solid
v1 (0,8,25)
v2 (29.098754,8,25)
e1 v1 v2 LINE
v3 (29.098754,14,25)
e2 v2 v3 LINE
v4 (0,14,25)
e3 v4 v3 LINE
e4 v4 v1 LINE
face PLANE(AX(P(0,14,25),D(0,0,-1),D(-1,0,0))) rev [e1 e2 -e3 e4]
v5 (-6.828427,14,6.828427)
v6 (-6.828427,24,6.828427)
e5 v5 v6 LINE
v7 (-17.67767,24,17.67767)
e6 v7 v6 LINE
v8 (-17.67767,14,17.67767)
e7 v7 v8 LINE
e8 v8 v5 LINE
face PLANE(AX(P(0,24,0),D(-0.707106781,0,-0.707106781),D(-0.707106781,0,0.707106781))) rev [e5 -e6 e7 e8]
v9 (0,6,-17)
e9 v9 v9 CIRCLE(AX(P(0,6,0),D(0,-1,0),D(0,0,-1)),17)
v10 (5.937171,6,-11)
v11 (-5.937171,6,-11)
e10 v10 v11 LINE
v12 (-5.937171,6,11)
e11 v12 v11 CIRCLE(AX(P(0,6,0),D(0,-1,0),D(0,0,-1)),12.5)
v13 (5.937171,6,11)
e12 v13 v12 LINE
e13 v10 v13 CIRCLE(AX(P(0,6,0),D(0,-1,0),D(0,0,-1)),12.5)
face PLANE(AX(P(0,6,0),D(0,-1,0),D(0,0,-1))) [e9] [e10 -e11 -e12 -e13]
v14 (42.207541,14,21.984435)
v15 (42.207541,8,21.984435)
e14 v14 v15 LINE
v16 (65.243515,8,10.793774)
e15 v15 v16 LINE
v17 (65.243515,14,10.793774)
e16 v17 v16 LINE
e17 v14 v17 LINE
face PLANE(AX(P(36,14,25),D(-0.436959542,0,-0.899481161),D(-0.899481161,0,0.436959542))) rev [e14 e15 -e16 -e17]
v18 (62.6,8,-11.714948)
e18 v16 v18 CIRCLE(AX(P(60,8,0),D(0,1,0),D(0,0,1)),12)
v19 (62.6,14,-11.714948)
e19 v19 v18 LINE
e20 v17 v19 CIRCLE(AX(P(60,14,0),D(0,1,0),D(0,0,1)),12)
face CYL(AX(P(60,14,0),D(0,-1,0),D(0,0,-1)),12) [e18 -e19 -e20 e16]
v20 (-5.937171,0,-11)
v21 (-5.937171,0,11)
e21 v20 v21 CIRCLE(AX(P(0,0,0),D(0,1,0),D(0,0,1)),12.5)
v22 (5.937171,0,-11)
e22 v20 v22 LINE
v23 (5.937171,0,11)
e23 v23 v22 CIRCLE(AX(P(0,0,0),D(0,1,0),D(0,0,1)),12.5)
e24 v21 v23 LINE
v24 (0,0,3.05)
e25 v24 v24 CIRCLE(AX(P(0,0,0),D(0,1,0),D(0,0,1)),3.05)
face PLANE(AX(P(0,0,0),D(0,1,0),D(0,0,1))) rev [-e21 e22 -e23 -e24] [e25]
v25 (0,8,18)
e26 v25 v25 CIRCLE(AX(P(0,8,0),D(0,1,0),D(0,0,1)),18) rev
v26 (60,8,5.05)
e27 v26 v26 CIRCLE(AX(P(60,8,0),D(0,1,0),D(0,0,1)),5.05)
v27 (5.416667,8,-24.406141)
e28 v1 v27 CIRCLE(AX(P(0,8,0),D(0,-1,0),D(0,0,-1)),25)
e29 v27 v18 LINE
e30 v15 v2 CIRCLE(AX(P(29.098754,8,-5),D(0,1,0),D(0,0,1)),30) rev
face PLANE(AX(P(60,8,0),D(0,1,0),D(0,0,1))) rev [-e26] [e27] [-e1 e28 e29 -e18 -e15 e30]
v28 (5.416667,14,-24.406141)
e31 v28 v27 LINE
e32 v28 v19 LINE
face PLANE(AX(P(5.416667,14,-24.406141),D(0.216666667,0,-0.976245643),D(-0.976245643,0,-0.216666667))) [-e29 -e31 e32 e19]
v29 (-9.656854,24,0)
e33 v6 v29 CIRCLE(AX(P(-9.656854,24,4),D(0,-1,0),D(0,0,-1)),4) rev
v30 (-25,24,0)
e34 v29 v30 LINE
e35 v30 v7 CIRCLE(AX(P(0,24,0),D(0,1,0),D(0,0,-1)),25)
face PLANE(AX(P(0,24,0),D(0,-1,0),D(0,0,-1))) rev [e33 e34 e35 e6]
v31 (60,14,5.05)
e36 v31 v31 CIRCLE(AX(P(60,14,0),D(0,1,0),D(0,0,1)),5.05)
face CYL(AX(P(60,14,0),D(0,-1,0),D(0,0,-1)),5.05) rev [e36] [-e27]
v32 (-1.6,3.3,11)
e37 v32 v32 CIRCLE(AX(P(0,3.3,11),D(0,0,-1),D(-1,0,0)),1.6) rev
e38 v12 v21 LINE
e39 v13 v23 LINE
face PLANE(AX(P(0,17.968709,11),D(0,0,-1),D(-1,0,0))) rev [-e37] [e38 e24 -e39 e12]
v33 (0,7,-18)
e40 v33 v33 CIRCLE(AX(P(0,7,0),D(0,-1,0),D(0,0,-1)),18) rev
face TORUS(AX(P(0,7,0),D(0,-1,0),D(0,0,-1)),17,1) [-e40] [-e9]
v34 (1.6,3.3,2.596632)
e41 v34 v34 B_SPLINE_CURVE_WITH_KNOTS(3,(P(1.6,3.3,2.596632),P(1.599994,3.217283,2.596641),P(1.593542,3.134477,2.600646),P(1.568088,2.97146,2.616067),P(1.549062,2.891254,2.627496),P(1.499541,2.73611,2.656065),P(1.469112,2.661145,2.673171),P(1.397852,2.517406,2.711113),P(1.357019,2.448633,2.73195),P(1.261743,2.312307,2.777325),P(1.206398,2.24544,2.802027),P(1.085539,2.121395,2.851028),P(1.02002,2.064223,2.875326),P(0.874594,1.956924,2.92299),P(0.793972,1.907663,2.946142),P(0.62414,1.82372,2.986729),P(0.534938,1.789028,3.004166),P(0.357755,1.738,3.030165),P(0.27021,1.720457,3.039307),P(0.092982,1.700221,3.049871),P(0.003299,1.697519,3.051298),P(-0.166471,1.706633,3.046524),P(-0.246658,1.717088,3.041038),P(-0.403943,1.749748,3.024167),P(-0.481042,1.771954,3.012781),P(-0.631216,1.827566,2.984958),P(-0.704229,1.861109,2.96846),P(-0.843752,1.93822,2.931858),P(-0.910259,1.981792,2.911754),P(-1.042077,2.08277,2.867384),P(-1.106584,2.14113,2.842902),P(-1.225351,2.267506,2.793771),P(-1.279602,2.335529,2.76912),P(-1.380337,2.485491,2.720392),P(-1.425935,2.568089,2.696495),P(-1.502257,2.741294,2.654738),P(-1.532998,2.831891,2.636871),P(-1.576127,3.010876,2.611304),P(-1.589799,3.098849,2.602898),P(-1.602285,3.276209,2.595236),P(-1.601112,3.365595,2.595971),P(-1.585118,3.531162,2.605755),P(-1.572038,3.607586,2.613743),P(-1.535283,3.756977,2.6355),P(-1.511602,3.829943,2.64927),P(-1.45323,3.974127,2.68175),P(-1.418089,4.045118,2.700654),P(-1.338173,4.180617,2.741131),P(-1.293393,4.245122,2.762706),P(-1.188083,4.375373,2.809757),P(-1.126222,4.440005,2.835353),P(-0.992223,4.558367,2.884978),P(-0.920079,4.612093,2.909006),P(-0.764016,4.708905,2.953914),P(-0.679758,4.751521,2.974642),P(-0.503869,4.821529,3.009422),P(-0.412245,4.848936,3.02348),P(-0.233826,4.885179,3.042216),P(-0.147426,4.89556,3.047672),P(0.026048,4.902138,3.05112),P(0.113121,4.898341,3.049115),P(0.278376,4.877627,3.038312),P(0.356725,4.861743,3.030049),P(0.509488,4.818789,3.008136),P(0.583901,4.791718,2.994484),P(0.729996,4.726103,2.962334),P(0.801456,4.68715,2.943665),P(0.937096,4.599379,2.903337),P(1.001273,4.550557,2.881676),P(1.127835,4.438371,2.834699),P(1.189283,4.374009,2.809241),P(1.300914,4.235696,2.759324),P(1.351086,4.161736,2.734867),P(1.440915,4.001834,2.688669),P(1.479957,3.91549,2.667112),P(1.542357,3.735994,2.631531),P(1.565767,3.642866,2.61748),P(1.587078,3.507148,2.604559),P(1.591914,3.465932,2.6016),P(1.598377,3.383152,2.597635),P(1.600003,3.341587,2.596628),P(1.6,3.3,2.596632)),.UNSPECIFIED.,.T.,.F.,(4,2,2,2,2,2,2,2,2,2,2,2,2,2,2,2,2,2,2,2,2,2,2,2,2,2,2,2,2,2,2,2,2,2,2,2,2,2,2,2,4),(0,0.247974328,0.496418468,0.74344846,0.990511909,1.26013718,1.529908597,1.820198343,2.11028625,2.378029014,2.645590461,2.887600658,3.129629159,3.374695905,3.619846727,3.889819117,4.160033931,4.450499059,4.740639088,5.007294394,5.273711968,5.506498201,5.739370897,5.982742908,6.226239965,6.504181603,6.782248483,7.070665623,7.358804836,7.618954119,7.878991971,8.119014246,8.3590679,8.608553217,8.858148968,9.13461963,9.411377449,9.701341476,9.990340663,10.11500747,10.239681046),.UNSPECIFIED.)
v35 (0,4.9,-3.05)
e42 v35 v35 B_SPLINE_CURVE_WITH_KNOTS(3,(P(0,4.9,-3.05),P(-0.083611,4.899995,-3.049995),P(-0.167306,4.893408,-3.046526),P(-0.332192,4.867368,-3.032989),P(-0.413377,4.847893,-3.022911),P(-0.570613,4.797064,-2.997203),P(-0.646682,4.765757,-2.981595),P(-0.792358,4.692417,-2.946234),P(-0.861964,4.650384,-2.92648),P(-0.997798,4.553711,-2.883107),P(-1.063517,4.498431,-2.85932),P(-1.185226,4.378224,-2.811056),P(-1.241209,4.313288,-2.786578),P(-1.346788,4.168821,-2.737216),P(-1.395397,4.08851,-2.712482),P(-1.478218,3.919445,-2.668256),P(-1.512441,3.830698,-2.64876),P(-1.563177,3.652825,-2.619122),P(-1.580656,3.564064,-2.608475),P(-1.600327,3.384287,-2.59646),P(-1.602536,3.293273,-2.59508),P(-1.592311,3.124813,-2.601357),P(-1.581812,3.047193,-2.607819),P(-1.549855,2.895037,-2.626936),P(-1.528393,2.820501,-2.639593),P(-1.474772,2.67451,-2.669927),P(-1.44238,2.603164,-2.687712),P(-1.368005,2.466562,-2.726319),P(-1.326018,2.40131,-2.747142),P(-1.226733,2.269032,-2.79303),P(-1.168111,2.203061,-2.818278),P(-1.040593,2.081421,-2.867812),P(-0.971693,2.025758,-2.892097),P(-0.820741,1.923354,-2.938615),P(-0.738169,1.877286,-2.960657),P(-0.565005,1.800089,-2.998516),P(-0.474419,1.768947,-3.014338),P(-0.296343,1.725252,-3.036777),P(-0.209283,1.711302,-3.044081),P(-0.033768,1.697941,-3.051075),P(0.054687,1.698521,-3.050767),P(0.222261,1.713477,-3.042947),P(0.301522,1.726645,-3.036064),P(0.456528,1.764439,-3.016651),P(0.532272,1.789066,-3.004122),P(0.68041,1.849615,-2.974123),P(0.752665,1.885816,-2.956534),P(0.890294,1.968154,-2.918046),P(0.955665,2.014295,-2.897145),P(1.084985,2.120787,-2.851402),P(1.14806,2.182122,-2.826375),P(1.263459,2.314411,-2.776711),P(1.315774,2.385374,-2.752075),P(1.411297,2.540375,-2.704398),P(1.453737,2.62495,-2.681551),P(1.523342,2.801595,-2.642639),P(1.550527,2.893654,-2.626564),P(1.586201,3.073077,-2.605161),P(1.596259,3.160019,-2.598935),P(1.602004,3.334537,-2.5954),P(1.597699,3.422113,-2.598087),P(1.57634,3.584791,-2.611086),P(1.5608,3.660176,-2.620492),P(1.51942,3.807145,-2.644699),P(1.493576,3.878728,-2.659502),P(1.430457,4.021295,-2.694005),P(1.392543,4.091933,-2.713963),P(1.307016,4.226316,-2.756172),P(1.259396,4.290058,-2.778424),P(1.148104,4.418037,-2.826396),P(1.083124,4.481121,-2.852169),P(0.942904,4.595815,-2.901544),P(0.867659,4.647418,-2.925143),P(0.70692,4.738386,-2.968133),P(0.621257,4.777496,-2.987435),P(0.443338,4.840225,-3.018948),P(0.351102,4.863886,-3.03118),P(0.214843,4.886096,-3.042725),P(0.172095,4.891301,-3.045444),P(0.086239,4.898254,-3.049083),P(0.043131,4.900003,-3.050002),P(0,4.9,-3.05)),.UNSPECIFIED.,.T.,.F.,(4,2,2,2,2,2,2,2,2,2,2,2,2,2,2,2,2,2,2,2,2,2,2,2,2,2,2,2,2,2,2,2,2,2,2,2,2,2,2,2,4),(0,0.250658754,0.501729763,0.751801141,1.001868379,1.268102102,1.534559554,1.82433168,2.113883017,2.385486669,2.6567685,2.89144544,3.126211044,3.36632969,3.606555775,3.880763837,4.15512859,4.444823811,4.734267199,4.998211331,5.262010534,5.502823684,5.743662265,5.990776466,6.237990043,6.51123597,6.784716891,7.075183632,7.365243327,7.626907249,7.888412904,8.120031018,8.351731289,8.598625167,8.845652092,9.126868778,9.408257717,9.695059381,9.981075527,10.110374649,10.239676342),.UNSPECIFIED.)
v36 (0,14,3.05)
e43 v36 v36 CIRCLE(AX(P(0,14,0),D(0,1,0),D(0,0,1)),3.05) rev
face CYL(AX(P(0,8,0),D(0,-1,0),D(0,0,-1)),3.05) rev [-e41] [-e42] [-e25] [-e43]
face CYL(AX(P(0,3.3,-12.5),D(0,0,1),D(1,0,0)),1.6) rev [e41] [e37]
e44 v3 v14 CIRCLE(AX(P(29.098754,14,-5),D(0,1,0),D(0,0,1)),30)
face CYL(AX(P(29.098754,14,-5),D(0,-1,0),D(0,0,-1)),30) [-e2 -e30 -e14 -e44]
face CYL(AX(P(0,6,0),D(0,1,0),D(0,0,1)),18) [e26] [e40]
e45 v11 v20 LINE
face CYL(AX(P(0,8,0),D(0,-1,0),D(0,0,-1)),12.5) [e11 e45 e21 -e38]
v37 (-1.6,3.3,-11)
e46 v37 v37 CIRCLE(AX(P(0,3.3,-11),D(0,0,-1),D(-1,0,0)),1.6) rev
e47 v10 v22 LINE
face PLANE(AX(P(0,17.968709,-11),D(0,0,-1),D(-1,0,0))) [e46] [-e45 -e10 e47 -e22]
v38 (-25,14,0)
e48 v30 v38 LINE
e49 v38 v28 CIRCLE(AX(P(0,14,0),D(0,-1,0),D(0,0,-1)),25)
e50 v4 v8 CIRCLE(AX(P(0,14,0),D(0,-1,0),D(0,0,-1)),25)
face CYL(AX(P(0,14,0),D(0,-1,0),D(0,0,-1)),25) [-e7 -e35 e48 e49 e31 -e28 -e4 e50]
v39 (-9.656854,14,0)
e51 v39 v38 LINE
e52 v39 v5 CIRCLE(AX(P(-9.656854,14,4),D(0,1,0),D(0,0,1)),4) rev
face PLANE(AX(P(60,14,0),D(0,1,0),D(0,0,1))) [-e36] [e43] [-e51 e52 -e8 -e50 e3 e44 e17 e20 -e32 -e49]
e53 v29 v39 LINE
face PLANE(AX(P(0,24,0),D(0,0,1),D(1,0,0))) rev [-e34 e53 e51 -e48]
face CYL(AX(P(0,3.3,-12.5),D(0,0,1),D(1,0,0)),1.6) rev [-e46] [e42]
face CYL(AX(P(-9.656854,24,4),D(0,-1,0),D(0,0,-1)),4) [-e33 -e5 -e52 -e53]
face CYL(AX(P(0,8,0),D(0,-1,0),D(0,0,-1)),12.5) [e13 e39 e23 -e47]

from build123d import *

# Parameters (mm, degrees)
SKETCH_1_R          = 12.5
SKETCH_1_R_2        = 3.05
EXTRUDE_1_DEPTH     = 8
SKETCH_2_R          = 1.6
CUT_EXTRUDE_4_DEPTH = 12.5
SKETCH_3_R          = 5.05
EXTRUDE_2_DEPTH     = 6
SKETCH_4_R          = 18
EXTRUDE_3_DEPTH     = 2
FILLET_2_R          = 30
FILLET_1_R          = 1
EXTRUDE_4_DEPTH     = 10
FILLET_3_R          = 4
SKETCH_6_R          = 3.05
CUT_EXTRUDE_5_DEPTH = 14
CUT_EXTRUDE_6_REACH = 81.906


with BuildPart() as part:
    # 草图1 → 凸台-拉伸1 (new body)
    with BuildSketch(Plane(origin=(0, 0, 0), x_dir=(1, 0, 0), z_dir=(0, 1, 0))):
        with Locations(Location((0, 0, 0), (0, 0, 270))):
            Circle(SKETCH_1_R)
        with Locations(Location((0, 0, 0), (0, 0, 270))):
            Circle(SKETCH_1_R_2, mode=Mode.SUBTRACT)
    extrude(amount=EXTRUDE_1_DEPTH)

    # 草图2 → 切除-拉伸4 (cut, symmetric)
    with BuildSketch(Plane.XY):
        with Locations((0, 3.3)):
            Circle(SKETCH_2_R)
    extrude(amount=CUT_EXTRUDE_4_DEPTH, both=True, mode=Mode.SUBTRACT)

    # 草图3 → 凸台-拉伸2 (add)
    with BuildSketch(Plane(origin=(0, 8, 0), x_dir=(1, 0, 0), z_dir=(0, 1, 0))):
        with BuildLine():
            Line((5.416666667, 24.406141076), (62.6, 11.714947716))
            ThreePointArc((62.6, 11.714947716), (71.918087828, 1.399708015), (65.243514508, -10.793773928))
            Line((65.243514508, -10.793773928), (36, -25))
            Line((36, -25), (0, -25))
            ThreePointArc((0, -25), (-24.851091796, 2.724561717), (5.416666667, 24.406141076))
        make_face()
        with Locations(Location((60, 0, 0), (0, 0, 270))):
            Circle(SKETCH_3_R, mode=Mode.SUBTRACT)
    extrude(amount=EXTRUDE_2_DEPTH)

    # 草图4 → 凸台-拉伸3 (add)
    with BuildSketch(Plane.XZ.offset(-8)):
        with Locations(Location((0, 0, 0), (0, 0, 90))):
            Circle(SKETCH_4_R)
    extrude(amount=EXTRUDE_3_DEPTH)

    # 圆角2
    fillet_2_edges = [part.edges().sort_by_distance(p)[0] for p in [
        (36, 11, 25),
    ]]
    fillet(fillet_2_edges, radius=FILLET_2_R)

    # 圆角1
    fillet_1_edges = [part.edges().sort_by_distance(p)[0] for p in [
        (0, 6, -18),
    ]]
    fillet(fillet_1_edges, radius=FILLET_1_R)

    # 草图5 → 凸台-拉伸4 (add)
    with BuildSketch(Plane(origin=(0, 14, 0), x_dir=(1, 0, 0), z_dir=(0, 1, 0))):
        with BuildLine():
            Line((0, 0), (-25, 0))
            ThreePointArc((-25, 0), (-23.096988313, -9.567085809), (-17.67766953, -17.67766953))
            Line((-17.67766953, -17.67766953), (0, 0))
        make_face()
    extrude(amount=EXTRUDE_4_DEPTH)

    # 圆角3
    fillet_3_edges = [part.edges().sort_by_distance(p)[0] for p in [
        (0, 19, 0),
    ]]
    fillet(fillet_3_edges, radius=FILLET_3_R)

    # 草图6 → 切除-拉伸5 (cut)
    with BuildSketch(Plane.XZ):
        with Locations(Location((0, 0, 0), (0, 0, 90))):
            Circle(SKETCH_6_R)
    extrude(amount=-CUT_EXTRUDE_5_DEPTH, mode=Mode.SUBTRACT)

    # 切除-拉伸6: up to this face of the body (flat: up to its plane)
    cut_extrude_6_end = Plane(part.part.faces().sort_by_distance((0, 6, -16.519167389))[0])
    # 草图8 → 切除-拉伸6 (cut, up to the picked face)
    with BuildSketch(Plane.XZ, mode=Mode.PRIVATE) as cut_extrude_6_sk1:
        with BuildLine():
            ThreePointArc((5.937171044, 11), (0, 12.5), (-5.937171044, 11))
            Line((-5.937171044, 11), (5.937171044, 11))
        make_face()
    cut_extrude_6_tool1 = split(extrude(cut_extrude_6_sk1.sketch, amount=-CUT_EXTRUDE_6_REACH, mode=Mode.PRIVATE), bisect_by=cut_extrude_6_end, keep=Keep.BOTH, mode=Mode.PRIVATE)
    # 草图8 → 切除-拉伸6 (cut, up to the picked face)
    with BuildSketch(Plane.XZ, mode=Mode.PRIVATE) as cut_extrude_6_sk2:
        with BuildLine():
            Line((5.937171044, -11), (-5.937171044, -11))
            ThreePointArc((-5.937171044, -11), (0, -12.5), (5.937171044, -11))
        make_face()
    cut_extrude_6_tool2 = split(extrude(cut_extrude_6_sk2.sketch, amount=-CUT_EXTRUDE_6_REACH, mode=Mode.PRIVATE), bisect_by=cut_extrude_6_end, keep=Keep.BOTH, mode=Mode.PRIVATE)
    add(cut_extrude_6_tool1.solids().sort_by(Axis((0, 0, 11.603197), (0, 1, 0)))[0], mode=Mode.SUBTRACT)
    add(cut_extrude_6_tool2.solids().sort_by(Axis((0, 0, -11.603197), (0, 1, 0)))[0], mode=Mode.SUBTRACT)


solid = part.part
